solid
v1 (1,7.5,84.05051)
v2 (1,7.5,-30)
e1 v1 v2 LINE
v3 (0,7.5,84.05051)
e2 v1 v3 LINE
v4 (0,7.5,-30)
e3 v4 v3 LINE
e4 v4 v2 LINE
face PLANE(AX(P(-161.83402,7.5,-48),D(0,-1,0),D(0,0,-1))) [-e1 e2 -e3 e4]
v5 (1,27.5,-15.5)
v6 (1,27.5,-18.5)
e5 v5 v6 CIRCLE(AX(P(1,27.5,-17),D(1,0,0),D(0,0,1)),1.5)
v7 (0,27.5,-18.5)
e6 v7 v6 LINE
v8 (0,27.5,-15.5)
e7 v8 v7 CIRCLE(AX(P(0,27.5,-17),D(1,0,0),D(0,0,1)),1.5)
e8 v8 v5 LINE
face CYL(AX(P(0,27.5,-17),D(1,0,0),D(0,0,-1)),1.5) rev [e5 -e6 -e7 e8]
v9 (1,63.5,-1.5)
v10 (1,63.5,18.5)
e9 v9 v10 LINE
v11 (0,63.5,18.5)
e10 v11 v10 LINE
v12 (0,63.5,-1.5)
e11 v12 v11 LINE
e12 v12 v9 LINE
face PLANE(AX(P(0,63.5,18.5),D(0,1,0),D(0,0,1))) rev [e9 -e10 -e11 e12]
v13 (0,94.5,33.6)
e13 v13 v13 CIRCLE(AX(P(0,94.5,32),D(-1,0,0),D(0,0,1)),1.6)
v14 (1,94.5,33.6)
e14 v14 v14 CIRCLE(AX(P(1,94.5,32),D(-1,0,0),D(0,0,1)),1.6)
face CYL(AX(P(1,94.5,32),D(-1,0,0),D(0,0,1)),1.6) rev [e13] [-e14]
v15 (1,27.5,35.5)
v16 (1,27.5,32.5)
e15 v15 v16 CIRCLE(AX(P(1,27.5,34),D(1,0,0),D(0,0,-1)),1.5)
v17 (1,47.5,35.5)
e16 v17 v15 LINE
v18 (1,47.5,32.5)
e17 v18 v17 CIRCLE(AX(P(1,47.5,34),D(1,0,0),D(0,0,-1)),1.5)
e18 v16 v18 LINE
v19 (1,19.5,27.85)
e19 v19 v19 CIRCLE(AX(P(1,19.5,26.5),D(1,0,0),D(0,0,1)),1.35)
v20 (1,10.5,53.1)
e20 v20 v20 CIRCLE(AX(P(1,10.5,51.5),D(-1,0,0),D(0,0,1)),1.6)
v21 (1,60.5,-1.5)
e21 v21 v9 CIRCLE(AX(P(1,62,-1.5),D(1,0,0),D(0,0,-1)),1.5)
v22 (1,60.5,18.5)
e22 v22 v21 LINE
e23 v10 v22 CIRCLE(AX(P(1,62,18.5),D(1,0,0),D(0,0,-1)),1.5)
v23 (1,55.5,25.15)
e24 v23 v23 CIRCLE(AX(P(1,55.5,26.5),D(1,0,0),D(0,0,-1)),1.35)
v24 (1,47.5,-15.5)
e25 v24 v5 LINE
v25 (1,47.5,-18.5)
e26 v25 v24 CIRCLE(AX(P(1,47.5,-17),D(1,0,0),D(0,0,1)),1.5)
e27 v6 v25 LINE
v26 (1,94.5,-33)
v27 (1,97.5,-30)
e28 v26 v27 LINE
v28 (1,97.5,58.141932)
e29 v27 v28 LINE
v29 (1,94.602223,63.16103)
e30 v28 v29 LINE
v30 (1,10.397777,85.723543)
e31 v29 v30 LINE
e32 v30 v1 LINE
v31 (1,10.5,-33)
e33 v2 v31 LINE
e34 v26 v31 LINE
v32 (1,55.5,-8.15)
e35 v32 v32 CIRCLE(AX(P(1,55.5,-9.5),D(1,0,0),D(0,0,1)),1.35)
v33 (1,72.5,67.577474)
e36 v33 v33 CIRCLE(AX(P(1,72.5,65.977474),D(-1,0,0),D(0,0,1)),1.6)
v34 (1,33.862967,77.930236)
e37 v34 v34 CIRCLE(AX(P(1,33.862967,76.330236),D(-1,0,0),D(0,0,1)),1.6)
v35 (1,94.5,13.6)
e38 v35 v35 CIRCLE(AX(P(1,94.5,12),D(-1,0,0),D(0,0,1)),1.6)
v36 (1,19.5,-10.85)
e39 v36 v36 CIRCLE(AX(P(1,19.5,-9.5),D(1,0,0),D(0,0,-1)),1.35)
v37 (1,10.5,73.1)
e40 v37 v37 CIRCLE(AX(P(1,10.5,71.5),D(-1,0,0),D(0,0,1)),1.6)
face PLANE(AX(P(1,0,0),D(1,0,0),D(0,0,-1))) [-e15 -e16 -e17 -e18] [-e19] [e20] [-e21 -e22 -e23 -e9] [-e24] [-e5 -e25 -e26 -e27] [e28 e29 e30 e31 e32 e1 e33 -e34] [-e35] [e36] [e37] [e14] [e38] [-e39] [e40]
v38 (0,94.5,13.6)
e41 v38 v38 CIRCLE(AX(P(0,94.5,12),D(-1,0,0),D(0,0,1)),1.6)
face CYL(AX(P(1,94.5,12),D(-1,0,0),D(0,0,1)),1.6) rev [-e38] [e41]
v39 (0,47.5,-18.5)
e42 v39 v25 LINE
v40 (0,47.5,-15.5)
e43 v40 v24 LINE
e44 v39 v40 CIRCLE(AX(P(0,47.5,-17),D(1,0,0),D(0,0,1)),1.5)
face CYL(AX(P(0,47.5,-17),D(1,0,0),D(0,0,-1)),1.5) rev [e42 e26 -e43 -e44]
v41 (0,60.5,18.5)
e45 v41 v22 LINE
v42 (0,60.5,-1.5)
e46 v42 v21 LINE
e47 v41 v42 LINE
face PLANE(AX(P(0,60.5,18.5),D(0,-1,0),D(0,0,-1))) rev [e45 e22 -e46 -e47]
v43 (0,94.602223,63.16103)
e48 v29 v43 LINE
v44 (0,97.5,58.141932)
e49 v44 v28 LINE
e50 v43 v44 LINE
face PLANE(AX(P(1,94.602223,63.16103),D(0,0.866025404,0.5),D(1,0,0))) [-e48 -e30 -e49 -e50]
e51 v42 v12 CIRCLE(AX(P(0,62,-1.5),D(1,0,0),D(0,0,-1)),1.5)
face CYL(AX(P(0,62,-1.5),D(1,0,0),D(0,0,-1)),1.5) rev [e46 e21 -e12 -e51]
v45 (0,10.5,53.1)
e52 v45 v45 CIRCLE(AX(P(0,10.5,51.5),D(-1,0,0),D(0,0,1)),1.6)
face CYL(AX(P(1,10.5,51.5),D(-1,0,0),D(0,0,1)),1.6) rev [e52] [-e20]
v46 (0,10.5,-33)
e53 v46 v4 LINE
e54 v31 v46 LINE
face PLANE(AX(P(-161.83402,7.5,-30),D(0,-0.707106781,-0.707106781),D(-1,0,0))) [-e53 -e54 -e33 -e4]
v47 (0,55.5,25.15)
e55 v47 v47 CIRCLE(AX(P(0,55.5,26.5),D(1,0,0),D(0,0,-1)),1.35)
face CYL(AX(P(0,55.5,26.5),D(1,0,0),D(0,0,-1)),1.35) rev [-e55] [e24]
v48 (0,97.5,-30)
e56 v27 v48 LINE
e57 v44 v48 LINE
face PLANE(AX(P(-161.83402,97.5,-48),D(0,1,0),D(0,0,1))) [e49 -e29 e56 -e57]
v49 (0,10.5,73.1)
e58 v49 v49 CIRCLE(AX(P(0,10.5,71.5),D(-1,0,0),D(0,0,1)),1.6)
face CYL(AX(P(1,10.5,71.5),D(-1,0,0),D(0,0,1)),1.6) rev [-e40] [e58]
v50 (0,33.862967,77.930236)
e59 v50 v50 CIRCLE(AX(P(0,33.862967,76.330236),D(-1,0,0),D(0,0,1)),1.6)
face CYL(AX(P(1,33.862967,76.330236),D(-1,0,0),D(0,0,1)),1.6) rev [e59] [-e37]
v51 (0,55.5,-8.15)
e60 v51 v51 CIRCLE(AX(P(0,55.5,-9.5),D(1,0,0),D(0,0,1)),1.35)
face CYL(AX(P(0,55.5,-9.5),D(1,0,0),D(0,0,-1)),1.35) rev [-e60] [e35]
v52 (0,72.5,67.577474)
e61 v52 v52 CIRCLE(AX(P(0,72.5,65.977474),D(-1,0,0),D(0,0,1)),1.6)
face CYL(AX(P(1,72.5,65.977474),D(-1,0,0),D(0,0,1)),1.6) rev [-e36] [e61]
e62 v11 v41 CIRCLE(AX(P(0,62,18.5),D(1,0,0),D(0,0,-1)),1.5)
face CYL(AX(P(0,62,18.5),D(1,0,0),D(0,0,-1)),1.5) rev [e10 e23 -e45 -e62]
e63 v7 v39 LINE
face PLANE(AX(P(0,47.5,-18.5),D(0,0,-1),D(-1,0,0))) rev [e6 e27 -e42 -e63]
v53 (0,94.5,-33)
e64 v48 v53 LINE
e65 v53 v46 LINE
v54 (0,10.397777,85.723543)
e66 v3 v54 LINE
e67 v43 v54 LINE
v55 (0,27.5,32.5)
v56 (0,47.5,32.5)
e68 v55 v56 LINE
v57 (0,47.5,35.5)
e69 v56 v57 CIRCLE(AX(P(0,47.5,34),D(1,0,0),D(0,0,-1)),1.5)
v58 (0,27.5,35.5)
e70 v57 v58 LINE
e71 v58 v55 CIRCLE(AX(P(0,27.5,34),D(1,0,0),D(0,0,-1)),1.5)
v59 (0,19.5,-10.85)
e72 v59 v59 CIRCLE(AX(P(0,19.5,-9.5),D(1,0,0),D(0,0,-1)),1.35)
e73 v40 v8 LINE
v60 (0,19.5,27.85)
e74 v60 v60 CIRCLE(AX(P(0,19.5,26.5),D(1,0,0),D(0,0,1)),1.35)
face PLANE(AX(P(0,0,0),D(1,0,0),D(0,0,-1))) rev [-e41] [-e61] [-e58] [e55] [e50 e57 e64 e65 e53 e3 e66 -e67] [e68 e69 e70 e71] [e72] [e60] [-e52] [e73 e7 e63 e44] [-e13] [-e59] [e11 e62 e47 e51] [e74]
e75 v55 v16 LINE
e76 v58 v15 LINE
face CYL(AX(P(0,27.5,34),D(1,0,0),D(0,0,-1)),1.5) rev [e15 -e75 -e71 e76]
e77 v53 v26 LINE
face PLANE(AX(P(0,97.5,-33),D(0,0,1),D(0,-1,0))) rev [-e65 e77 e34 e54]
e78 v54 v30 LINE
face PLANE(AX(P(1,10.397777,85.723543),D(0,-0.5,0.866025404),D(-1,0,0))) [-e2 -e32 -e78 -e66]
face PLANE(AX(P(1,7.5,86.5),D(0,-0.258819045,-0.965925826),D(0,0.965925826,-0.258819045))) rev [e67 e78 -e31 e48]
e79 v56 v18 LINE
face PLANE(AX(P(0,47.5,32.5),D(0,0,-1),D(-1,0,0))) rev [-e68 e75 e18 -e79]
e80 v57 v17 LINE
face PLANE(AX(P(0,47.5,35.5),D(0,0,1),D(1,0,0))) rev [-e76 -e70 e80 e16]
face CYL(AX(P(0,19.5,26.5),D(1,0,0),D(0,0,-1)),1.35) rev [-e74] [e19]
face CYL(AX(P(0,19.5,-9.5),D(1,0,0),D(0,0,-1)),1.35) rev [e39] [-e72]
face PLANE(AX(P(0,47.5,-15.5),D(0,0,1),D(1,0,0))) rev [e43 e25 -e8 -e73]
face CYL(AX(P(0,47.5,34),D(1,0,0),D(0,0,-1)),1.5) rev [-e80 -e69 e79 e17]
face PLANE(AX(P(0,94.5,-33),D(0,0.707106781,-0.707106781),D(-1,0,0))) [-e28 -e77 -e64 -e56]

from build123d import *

# Parameters (mm, degrees)
SKETCH_1_W               = 60
SKETCH_1_H               = 44
SKETCH_1_R               = 1.6
EXTRUDE_1_DEPTH          = 1
SKETCH_2_W               = 134.5
SKETCH_2_H               = 90
EXTRUDE_2_DEPTH          = 1
CUT_EXTRUDE_1_DEPTH      = 2
SKETCH_4_R               = 1.6
CUT_EXTRUDE_2_DEPTH      = 2
SKETCH_5_R               = 1.35
CUT_EXTRUDE_3_DEPTH      = 2
SKETCH_6_W               = 15
SKETCH_6_H               = 90
CUT_EXTRUDE_4_DEPTH      = 1
CUT_EXTRUDE_4_DEPTH_BACK = 2
SKETCH_7_W               = 9
SKETCH_7_H               = 22.5
CUT_EXTRUDE_5_DEPTH      = 2
FILLET_1_R               = 2
CUT_EXTRUDE_6_DEPTH      = 2
CUT_EXTRUDE_7_DEPTH      = 2
CHAMFER_2_SIZE           = 3
CHAMFER_2_EDGE_2_SIZE    = 3
CHAMFER_2_EDGE_3_SIZE2   = 3
CHAMFER_2_EDGE_3_SIZE    = 2.449489743
CHAMFER_2_EDGE_4_SIZE2   = 4.242640687
CHAMFER_2_EDGE_4_SIZE    = 3


with BuildPart() as part:
    # 草图1 → 凸台-拉伸1 (new body)
    with BuildSketch(Plane(origin=(0, 0, 0), x_dir=(0, 0, -1), z_dir=(1, 0, 0))):
        with Locations((18, -14.5)):
            Rectangle(SKETCH_1_W, SKETCH_1_H)
        Circle(SKETCH_1_R, mode=Mode.SUBTRACT)
        with Locations((17, 0)):
            Circle(SKETCH_1_R, mode=Mode.SUBTRACT)
        with Locations((0, -30.5)):
            Circle(SKETCH_1_R, mode=Mode.SUBTRACT)
        with Locations((17, -30.5)):
            Circle(SKETCH_1_R, mode=Mode.SUBTRACT)
        with Locations((31.5, -30.5)):
            Circle(SKETCH_1_R, mode=Mode.SUBTRACT)
    extrude(amount=EXTRUDE_1_DEPTH)

    # 草图2 → 凸台-拉伸2 (add)
    with BuildSketch(Plane(origin=(1, 0, 0), x_dir=(0, 0, -1), z_dir=(1, 0, 0))):
        with Locations((-19.25, 52.5)):
            Rectangle(SKETCH_2_W, SKETCH_2_H)
    extrude(amount=-EXTRUDE_2_DEPTH)

    # 草图3 → 切除-拉伸1 (cut, through all)
    with BuildSketch(Plane.ZY):
        Polygon((86.5, 7.5), (62.384572681, 97.5), (86.5, 97.5), align=None)
    extrude(amount=-CUT_EXTRUDE_1_DEPTH, mode=Mode.SUBTRACT)

    # 草图4 → 切除-拉伸2 (cut, through all)
    with BuildSketch(Plane.ZY):
        with Locations((71.5, 10.5)):
            Circle(SKETCH_4_R)
        with Locations((51.5, 10.5)):
            Circle(SKETCH_4_R)
        with Locations((12, 94.5)):
            Circle(SKETCH_4_R)
        with Locations((32, 94.5)):
            Circle(SKETCH_4_R)
        with Locations((65.977473951, 72.5)):
            Circle(SKETCH_4_R)
        with Locations((76.330235755, 33.862966948)):
            Circle(SKETCH_4_R)
    extrude(amount=-CUT_EXTRUDE_2_DEPTH, mode=Mode.SUBTRACT)

    # 草图5 → 切除-拉伸3 (cut, through all)
    with BuildSketch(Plane(origin=(1, 0, 0), x_dir=(0, 0, -1), z_dir=(1, 0, 0))):
        with Locations((-26.5, 55.5)):
            Circle(SKETCH_5_R)
        with Locations((9.5, 55.5)):
            Circle(SKETCH_5_R)
        with Locations((9.5, 19.5)):
            Circle(SKETCH_5_R)
        with Locations((-26.5, 19.5)):
            Circle(SKETCH_5_R)
    extrude(amount=-CUT_EXTRUDE_3_DEPTH, mode=Mode.SUBTRACT)

    # 草图6 → 切除-拉伸4 (cut, two sides)
    with BuildSketch(Plane(origin=(1, 0, 0), x_dir=(0, 0, -1), z_dir=(1, 0, 0))) as cut_extrude_4_sk:
        with Locations((40.5, 52.5)):
            Rectangle(SKETCH_6_W, SKETCH_6_H)
    extrude(amount=CUT_EXTRUDE_4_DEPTH, mode=Mode.SUBTRACT)
    extrude(cut_extrude_4_sk.sketch, amount=-CUT_EXTRUDE_4_DEPTH_BACK, mode=Mode.SUBTRACT)

    # 草图7 → 切除-拉伸5 (cut, through all)
    with BuildSketch(Plane(origin=(1, 0, 0), x_dir=(0, 0, -1), z_dir=(1, 0, 0))):
        with Locations((8.5, -15.25)):
            Rectangle(SKETCH_7_W, SKETCH_7_H)
    extrude(amount=-CUT_EXTRUDE_5_DEPTH, mode=Mode.SUBTRACT)

    # 圆角1
    fillet_1_edges = [part.edges().sort_by_distance(p)[0] for p in [
        (0.5, -4, -13),
        (0.5, -26.5, -13),
        (0.5, -26.5, -4),
        (0.5, -4, -4),
    ]]
    fillet(fillet_1_edges, radius=FILLET_1_R)

    # 草图8 → 切除-拉伸6 (cut, through all)
    with BuildSketch(Plane(origin=(1, 0, 0), x_dir=(0, 0, -1), z_dir=(1, 0, 0))):
        Polygon((-12, 7.5), (33, 7.5), (48, 7.5), (48, -36.5), (-12, -36.5), align=None)
    extrude(amount=-CUT_EXTRUDE_6_DEPTH, mode=Mode.SUBTRACT)

    # 草图9 → 切除-拉伸7 (cut, through all)
    with BuildSketch(Plane(origin=(1, 0, 0), x_dir=(0, 0, -1), z_dir=(1, 0, 0))):
        with BuildLine():
            Line((-18.5, 63.5), (1.5, 63.5))
            ThreePointArc((1.5, 63.5), (3, 62), (1.5, 60.5))
            Line((1.5, 60.5), (-18.5, 60.5))
            ThreePointArc((-18.5, 60.5), (-20, 62), (-18.5, 63.5))
        make_face()
        with BuildLine():
            Line((-32.5, 47.5), (-32.5, 27.5))
            ThreePointArc((-32.5, 27.5), (-34, 26), (-35.5, 27.5))
            Line((-35.5, 27.5), (-35.5, 47.5))
            ThreePointArc((-35.5, 47.5), (-34, 49), (-32.5, 47.5))
        make_face()
        with BuildLine():
            Line((15.5, 47.5), (15.5, 27.5))
            ThreePointArc((15.5, 27.5), (17, 26), (18.5, 27.5))
            Line((18.5, 27.5), (18.5, 47.5))
            ThreePointArc((18.5, 47.5), (17, 49), (15.5, 47.5))
        make_face()
    extrude(amount=-CUT_EXTRUDE_7_DEPTH, mode=Mode.SUBTRACT)

    # 倒角2
    chamfer_2_edges = [part.edges().sort_by_distance(p)[0] for p in [
        (0.5, 7.5, -33),
    ]]
    chamfer(chamfer_2_edges, length=CHAMFER_2_SIZE)

    # 倒角2 edge 2
    chamfer_2_edge_2_edges = [part.edges().sort_by_distance(p)[0] for p in [
        (0.5, 97.5, -33),
    ]]
    chamfer(chamfer_2_edge_2_edges, length=CHAMFER_2_EDGE_2_SIZE)

    # 倒角2 edge 3
    chamfer_2_edge_3_edges = [part.edges().sort_by_distance(p)[0] for p in [
        (0.5, 7.5, 86.5),
    ]]
    chamfer(chamfer_2_edge_3_edges, length=CHAMFER_2_EDGE_3_SIZE, length2=CHAMFER_2_EDGE_3_SIZE2)

    # 倒角2 edge 4
    chamfer_2_edge_4_edges = [part.edges().sort_by_distance(p)[0] for p in [
        (0.5, 97.5, 62.384572681),
    ]]
    chamfer(chamfer_2_edge_4_edges, length=CHAMFER_2_EDGE_4_SIZE, length2=CHAMFER_2_EDGE_4_SIZE2)


solid = part.part
